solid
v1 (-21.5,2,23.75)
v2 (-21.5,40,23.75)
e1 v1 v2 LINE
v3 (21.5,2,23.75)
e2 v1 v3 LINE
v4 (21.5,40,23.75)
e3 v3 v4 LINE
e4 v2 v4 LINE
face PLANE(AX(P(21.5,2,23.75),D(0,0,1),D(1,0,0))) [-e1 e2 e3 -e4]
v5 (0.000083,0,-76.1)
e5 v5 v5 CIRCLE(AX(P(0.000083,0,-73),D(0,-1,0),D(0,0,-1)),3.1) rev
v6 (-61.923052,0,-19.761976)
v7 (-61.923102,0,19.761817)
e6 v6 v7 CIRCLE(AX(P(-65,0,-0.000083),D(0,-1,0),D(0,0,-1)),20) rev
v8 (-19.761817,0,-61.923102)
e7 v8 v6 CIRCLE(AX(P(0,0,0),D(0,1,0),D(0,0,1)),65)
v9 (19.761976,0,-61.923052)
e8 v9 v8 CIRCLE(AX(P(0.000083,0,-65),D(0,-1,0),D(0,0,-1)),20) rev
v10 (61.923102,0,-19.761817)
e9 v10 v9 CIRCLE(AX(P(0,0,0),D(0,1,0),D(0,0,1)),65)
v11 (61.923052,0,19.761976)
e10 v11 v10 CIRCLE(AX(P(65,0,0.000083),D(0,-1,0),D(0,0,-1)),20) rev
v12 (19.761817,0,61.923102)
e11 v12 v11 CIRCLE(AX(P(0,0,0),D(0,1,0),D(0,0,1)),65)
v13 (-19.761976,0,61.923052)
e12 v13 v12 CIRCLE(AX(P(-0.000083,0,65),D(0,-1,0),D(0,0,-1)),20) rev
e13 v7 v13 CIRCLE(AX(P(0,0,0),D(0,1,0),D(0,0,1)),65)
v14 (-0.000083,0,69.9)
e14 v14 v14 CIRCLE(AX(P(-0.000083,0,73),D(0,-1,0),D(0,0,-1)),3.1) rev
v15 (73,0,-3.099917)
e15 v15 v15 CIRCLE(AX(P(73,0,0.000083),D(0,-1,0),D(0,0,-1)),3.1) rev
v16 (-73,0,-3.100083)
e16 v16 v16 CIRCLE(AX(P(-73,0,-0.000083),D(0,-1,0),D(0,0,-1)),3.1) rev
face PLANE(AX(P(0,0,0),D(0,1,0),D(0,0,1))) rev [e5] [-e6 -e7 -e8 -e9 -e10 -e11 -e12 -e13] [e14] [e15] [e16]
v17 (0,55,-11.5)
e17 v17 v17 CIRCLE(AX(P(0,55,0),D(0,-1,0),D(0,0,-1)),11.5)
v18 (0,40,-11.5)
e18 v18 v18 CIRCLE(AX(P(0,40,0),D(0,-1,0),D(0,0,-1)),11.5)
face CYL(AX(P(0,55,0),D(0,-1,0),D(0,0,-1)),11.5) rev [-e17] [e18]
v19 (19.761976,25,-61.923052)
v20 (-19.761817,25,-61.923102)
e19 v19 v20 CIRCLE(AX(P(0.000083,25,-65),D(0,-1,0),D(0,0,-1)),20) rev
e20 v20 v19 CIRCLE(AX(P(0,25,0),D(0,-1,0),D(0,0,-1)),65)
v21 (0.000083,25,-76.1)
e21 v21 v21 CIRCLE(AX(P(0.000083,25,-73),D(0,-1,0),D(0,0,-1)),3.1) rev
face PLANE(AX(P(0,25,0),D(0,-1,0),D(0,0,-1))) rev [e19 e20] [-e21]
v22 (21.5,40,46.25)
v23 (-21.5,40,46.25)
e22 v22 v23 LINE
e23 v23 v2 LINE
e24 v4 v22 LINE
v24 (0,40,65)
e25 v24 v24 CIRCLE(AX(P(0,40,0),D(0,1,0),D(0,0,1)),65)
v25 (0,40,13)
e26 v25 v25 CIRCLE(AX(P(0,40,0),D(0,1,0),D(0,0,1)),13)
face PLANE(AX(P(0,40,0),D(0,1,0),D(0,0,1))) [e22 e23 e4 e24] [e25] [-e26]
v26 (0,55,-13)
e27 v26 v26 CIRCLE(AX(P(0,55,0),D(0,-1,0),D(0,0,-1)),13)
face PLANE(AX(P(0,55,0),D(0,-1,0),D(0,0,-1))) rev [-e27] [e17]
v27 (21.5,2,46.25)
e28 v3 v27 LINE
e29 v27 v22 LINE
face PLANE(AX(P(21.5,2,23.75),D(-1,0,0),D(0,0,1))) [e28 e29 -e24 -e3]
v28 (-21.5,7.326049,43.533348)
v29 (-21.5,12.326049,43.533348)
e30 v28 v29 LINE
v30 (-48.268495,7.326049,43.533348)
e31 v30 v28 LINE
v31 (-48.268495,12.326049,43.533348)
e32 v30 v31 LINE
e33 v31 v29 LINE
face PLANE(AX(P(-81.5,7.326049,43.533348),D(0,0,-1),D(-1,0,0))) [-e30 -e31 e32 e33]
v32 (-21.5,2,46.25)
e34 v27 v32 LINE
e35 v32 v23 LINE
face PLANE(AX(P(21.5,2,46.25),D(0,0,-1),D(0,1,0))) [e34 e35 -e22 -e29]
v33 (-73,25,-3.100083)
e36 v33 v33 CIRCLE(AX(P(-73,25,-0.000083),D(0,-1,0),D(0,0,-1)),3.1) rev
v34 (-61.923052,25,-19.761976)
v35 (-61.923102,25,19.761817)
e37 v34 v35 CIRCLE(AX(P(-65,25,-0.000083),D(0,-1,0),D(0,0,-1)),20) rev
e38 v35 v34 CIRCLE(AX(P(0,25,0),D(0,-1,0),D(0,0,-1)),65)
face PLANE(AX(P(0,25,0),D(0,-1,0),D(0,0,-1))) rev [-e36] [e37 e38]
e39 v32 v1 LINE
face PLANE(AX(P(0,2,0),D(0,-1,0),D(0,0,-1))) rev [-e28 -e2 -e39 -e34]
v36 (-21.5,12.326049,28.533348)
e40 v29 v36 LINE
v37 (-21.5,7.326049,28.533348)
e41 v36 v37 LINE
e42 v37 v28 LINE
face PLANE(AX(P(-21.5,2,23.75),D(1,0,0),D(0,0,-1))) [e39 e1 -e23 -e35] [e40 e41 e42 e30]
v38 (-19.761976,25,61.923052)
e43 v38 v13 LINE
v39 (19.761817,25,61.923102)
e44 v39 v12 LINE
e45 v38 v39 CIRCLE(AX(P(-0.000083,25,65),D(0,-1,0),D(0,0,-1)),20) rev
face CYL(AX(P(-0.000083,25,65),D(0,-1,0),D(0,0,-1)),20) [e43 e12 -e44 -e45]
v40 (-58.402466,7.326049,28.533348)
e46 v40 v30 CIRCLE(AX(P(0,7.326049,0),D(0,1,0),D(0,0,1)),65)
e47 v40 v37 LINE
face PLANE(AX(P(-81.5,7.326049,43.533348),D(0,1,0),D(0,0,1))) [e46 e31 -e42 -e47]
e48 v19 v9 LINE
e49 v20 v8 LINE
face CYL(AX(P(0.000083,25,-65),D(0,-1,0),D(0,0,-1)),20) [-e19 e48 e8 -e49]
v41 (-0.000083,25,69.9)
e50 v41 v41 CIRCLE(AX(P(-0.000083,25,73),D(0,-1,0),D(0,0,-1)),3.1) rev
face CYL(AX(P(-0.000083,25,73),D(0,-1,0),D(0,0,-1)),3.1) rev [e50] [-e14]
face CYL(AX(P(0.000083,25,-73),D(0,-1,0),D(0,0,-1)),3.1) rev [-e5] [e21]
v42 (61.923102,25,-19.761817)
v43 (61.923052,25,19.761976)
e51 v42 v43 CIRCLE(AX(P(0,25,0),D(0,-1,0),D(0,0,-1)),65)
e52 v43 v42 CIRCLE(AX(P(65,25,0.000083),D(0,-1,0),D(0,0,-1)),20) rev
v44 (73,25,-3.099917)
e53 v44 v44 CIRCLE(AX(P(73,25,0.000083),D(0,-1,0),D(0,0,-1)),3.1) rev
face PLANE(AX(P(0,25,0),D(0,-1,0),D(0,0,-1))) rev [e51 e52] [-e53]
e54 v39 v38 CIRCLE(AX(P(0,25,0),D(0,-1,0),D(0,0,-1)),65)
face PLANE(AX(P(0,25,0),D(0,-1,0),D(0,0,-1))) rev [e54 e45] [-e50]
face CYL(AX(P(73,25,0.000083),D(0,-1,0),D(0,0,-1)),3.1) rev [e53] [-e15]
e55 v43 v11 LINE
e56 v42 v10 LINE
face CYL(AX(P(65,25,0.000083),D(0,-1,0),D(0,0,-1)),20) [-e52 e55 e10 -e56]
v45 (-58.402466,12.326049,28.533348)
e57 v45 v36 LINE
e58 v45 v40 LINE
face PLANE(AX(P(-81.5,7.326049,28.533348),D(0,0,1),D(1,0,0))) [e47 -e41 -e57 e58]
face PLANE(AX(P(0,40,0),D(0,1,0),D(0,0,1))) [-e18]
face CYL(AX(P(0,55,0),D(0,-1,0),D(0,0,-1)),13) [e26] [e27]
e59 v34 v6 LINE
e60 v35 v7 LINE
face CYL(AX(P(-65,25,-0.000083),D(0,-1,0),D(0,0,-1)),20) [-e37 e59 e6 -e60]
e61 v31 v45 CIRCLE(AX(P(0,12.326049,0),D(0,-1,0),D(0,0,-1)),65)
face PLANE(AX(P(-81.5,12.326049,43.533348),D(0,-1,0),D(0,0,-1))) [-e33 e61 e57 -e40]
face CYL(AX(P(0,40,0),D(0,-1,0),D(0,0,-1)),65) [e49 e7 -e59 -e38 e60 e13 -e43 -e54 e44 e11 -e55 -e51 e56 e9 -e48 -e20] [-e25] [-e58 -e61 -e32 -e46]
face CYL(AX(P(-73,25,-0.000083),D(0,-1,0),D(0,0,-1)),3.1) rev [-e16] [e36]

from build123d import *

# Parameters (mm, degrees)
SKETCH2_R           = 65
BOSS_EXTRUDE1_DEPTH = 40
SKETCH4_W           = 43
SKETCH4_H           = 22.5
CUT_EXTRUDE1_DEPTH  = 38
SKETCH6_R           = 3.1
BOSS_EXTRUDE2_DEPTH = 25
SKETCH9_R           = 13
SKETCH9_R_2         = 11.5
BOSS_EXTRUDE3_DEPTH = 15
SKETCH5_W           = 15
SKETCH5_H           = 5
CUT_EXTRUDE2_DEPTH  = 60


with BuildPart() as part:
    # Sketch2 → Boss-Extrude1 (new body)
    with BuildSketch(Plane(origin=(0, 0, 0), x_dir=(1, 0, 0), z_dir=(0, 1, 0))):
        Circle(SKETCH2_R)
    extrude(amount=BOSS_EXTRUDE1_DEPTH)

    # Sketch4 → Cut-Extrude1 (cut)
    with BuildSketch(Plane.XZ.offset(-40)):
        with Locations((0, 35)):
            Rectangle(SKETCH4_W, SKETCH4_H)
    extrude(amount=CUT_EXTRUDE1_DEPTH, mode=Mode.SUBTRACT)

    # Sketch6 → Boss-Extrude2 (add)
    with BuildSketch(Plane(origin=(0, 0, 0), x_dir=(1, 0, 0), z_dir=(0, 1, 0))):
        with BuildLine():
            ThreePointArc((-61.923102255, -19.761816899), (-65, 8.332e-05), (-61.923051591, 19.761975651))
            ThreePointArc((-61.923051591, 19.761975651), (-85, 0.000108957), (-61.923102255, -19.761816899))
        make_face()
        with Locations((-73, 8.332e-05)):
            Circle(SKETCH6_R, mode=Mode.SUBTRACT)
        with BuildLine():
            ThreePointArc((19.761975651, 61.923051591), (0.000108957, 85), (-19.761816899, 61.923102255))
            ThreePointArc((-19.761816899, 61.923102255), (8.332e-05, 65), (19.761975651, 61.923051591))
        make_face()
        with Locations((8.332e-05, 73)):
            Circle(SKETCH6_R, mode=Mode.SUBTRACT)
        with BuildLine():
            ThreePointArc((19.761816899, -61.923102255), (-8.332e-05, -65), (-19.761975651, -61.923051591))
            ThreePointArc((-19.761975651, -61.923051591), (-0.000108957, -85), (19.761816899, -61.923102255))
        make_face()
        with Locations((-8.332e-05, -73)):
            Circle(SKETCH6_R, mode=Mode.SUBTRACT)
        with BuildLine():
            ThreePointArc((61.923051591, -19.761975651), (85, -0.000108957), (61.923102255, 19.761816899))
            ThreePointArc((61.923102255, 19.761816899), (65, -8.332e-05), (61.923051591, -19.761975651))
        make_face()
        with Locations((73, -8.332e-05)):
            Circle(SKETCH6_R, mode=Mode.SUBTRACT)
    extrude(amount=BOSS_EXTRUDE2_DEPTH)

    # Sketch9 → Boss-Extrude3 (add)
    with BuildSketch(Plane(origin=(0, 40, 0), x_dir=(-1, 0, 0), z_dir=(0, -1, 0))):
        Circle(SKETCH9_R)
        Circle(SKETCH9_R_2, mode=Mode.SUBTRACT)
    extrude(amount=-BOSS_EXTRUDE3_DEPTH)

    # Sketch5 → Cut-Extrude2 (cut)
    with BuildSketch(Plane(origin=(-21.5, 0, 62.75), x_dir=(0, 0, 1), z_dir=(-1, 0, 0))):
        with Locations((-26.716652448, 9.82604923)):
            Rectangle(SKETCH5_W, SKETCH5_H)
    extrude(amount=CUT_EXTRUDE2_DEPTH, mode=Mode.SUBTRACT)


solid = part.part
